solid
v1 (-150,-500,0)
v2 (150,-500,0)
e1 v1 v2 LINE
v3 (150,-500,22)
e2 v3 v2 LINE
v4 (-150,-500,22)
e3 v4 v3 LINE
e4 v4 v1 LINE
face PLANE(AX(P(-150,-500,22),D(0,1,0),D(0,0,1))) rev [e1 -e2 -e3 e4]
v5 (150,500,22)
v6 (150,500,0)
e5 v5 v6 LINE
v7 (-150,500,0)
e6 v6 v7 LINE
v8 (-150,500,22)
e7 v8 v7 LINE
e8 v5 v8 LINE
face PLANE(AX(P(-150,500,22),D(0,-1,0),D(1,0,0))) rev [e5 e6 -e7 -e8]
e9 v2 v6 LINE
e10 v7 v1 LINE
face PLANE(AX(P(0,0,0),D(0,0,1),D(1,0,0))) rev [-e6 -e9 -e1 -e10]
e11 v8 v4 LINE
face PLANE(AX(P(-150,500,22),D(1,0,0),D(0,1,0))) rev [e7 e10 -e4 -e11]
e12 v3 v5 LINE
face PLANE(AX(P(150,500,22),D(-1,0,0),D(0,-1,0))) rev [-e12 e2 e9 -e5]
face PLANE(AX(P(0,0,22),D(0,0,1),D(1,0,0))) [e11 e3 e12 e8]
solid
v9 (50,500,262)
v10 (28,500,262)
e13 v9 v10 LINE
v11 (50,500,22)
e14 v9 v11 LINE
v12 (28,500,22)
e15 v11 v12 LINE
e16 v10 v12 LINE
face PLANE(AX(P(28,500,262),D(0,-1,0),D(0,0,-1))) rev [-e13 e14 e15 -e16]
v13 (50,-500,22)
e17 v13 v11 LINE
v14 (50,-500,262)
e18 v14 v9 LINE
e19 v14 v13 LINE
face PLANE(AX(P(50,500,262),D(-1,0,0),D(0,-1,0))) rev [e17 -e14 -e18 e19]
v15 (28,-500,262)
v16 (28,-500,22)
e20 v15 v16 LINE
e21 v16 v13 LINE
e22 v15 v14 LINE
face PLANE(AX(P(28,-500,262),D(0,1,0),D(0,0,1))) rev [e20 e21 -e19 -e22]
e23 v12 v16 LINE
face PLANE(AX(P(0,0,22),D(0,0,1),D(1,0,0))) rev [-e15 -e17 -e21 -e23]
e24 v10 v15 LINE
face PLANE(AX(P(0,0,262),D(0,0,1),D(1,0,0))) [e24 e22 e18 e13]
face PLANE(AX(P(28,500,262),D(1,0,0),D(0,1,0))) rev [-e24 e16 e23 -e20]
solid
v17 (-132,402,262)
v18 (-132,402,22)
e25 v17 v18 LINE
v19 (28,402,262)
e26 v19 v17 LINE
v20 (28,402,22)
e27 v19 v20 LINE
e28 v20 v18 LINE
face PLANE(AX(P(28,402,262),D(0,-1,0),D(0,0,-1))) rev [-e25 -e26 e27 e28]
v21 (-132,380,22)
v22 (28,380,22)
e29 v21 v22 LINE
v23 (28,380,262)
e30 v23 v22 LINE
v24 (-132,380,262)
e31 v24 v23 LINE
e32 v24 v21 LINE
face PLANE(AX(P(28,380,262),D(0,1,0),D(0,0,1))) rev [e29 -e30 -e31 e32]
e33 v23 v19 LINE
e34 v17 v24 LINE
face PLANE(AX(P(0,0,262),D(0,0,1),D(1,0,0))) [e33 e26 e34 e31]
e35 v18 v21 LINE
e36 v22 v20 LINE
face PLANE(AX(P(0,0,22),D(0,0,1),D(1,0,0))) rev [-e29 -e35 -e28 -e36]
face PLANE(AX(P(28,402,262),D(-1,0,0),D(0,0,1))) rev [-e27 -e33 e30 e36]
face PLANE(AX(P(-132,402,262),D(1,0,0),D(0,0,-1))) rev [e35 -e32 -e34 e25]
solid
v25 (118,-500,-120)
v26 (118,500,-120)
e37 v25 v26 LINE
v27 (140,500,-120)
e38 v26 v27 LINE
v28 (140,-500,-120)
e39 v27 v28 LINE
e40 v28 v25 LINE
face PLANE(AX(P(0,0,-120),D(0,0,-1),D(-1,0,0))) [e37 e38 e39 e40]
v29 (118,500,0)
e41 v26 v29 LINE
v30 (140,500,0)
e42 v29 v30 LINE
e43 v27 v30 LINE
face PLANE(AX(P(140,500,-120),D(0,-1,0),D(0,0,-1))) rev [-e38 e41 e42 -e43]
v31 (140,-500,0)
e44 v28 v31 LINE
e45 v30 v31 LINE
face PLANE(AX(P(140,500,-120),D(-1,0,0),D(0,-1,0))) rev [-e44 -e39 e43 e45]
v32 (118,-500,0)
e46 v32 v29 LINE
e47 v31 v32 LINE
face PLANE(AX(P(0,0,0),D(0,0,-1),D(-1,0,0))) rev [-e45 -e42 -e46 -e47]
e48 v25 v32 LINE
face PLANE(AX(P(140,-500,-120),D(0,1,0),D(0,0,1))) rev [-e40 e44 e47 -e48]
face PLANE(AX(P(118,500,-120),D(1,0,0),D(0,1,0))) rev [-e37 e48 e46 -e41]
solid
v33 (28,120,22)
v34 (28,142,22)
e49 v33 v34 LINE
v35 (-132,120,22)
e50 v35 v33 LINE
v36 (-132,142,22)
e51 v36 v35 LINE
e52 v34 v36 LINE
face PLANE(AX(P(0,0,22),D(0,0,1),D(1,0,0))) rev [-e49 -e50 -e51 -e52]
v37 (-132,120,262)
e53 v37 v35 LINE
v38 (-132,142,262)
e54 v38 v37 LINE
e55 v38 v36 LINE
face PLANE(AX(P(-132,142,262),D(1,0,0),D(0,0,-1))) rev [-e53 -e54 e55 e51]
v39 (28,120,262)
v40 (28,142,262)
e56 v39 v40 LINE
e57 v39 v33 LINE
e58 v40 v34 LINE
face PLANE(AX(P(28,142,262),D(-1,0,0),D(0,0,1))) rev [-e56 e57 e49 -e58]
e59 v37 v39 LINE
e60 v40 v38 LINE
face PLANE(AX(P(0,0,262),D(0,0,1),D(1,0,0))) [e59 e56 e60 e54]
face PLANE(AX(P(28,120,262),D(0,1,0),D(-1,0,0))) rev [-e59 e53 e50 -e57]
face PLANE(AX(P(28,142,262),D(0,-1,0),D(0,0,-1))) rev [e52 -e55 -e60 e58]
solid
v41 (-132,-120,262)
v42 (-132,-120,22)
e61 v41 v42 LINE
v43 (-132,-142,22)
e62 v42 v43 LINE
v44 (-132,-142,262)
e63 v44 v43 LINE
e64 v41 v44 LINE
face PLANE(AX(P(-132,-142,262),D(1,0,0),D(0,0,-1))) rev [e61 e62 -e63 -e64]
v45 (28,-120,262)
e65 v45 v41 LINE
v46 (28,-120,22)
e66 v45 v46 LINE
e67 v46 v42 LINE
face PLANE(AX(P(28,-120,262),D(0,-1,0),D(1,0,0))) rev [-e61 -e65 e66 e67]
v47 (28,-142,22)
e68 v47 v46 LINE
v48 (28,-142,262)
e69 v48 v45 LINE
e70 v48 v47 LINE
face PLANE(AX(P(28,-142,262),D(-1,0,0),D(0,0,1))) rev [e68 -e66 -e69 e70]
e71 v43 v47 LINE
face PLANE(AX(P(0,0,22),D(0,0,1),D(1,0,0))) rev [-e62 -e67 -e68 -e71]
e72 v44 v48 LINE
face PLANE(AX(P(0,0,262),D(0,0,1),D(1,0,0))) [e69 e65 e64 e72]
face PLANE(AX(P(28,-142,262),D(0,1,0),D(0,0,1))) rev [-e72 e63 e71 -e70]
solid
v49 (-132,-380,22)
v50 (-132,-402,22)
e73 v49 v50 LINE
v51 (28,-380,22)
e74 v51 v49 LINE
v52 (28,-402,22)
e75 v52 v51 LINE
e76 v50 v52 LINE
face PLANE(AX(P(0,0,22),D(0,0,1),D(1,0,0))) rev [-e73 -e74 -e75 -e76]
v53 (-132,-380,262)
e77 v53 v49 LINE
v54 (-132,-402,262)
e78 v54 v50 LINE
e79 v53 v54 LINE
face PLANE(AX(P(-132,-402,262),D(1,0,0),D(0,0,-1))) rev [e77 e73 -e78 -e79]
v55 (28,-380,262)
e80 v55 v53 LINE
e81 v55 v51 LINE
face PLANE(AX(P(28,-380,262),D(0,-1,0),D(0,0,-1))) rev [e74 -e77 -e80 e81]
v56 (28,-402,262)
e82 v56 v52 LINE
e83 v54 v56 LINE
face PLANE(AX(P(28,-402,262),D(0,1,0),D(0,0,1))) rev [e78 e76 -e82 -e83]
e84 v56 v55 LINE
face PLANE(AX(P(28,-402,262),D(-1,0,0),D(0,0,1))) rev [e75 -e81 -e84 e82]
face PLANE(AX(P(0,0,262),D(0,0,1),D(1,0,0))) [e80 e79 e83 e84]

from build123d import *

# Parameters (mm, degrees)
SKIZZE1_W                         = 300
SKIZZE1_H                         = 1000
AUFSATZ_LINEAR_AUSTRAGEN1_DEPTH   = 22
SKIZZE2_W                         = 22
SKIZZE2_H                         = 1000
AUFSATZ_LINEAR_AUSTRAGEN2_DEPTH   = 240
SKIZZE3_W                         = 160
SKIZZE3_H                         = 22
AUFSATZ_LINEAR_AUSTRAGEN3_DEPTH   = 240
AUFSATZ_LINEAR_AUSTRAGEN3_2_DEPTH = 240
AUFSATZ_LINEAR_AUSTRAGEN3_3_DEPTH = 240
AUFSATZ_LINEAR_AUSTRAGEN3_4_DEPTH = 240
SKIZZE4_W                         = 22
SKIZZE4_H                         = 1000
AUFSATZ_LINEAR_AUSTRAGEN4_DEPTH   = 120


with BuildPart() as part:
    # Skizze1 → Aufsatz-Linear austragen1 (new body)
    with BuildSketch(Plane.XY):
        Rectangle(SKIZZE1_W, SKIZZE1_H)
    extrude(amount=AUFSATZ_LINEAR_AUSTRAGEN1_DEPTH)


with BuildPart() as body_2:
    # Skizze2 → Aufsatz-Linear austragen2 (new body)
    with BuildSketch(Plane.XY.offset(22)):
        with Locations((39, 0)):
            Rectangle(SKIZZE2_W, SKIZZE2_H)
    extrude(amount=AUFSATZ_LINEAR_AUSTRAGEN2_DEPTH)


with BuildPart() as body_3:
    # Skizze3 → Aufsatz-Linear austragen3 (new body)
    with BuildSketch(Plane.XY.offset(22)):
        with Locations((-52, -391)):
            Rectangle(SKIZZE3_W, SKIZZE3_H)
    extrude(amount=AUFSATZ_LINEAR_AUSTRAGEN3_DEPTH)


with BuildPart() as body_4:
    # Skizze3 → Aufsatz-Linear austragen3 2 (new body)
    with BuildSketch(Plane.XY.offset(22)):
        with Locations((-52, 391)):
            Rectangle(SKIZZE3_W, SKIZZE3_H)
    extrude(amount=AUFSATZ_LINEAR_AUSTRAGEN3_2_DEPTH)


with BuildPart() as body_5:
    # Skizze3 → Aufsatz-Linear austragen3 3 (new body)
    with BuildSketch(Plane.XY.offset(22)):
        with Locations((-52, -131)):
            Rectangle(SKIZZE3_W, SKIZZE3_H)
    extrude(amount=AUFSATZ_LINEAR_AUSTRAGEN3_3_DEPTH)


with BuildPart() as body_6:
    # Skizze3 → Aufsatz-Linear austragen3 4 (new body)
    with BuildSketch(Plane.XY.offset(22)):
        with Locations((-52, 131)):
            Rectangle(SKIZZE3_W, SKIZZE3_H)
    extrude(amount=AUFSATZ_LINEAR_AUSTRAGEN3_4_DEPTH)


with BuildPart() as body_7:
    # Skizze4 → Aufsatz-Linear austragen4 (new body)
    with BuildSketch(Plane(origin=(0, 0, 0), x_dir=(-1, 0, 0), z_dir=(0, 0, -1))):
        with Locations((-129, 0)):
            Rectangle(SKIZZE4_W, SKIZZE4_H)
    extrude(amount=AUFSATZ_LINEAR_AUSTRAGEN4_DEPTH)


solid = Compound([part.part, body_2.part, body_3.part, body_4.part, body_5.part, body_6.part, body_7.part])
